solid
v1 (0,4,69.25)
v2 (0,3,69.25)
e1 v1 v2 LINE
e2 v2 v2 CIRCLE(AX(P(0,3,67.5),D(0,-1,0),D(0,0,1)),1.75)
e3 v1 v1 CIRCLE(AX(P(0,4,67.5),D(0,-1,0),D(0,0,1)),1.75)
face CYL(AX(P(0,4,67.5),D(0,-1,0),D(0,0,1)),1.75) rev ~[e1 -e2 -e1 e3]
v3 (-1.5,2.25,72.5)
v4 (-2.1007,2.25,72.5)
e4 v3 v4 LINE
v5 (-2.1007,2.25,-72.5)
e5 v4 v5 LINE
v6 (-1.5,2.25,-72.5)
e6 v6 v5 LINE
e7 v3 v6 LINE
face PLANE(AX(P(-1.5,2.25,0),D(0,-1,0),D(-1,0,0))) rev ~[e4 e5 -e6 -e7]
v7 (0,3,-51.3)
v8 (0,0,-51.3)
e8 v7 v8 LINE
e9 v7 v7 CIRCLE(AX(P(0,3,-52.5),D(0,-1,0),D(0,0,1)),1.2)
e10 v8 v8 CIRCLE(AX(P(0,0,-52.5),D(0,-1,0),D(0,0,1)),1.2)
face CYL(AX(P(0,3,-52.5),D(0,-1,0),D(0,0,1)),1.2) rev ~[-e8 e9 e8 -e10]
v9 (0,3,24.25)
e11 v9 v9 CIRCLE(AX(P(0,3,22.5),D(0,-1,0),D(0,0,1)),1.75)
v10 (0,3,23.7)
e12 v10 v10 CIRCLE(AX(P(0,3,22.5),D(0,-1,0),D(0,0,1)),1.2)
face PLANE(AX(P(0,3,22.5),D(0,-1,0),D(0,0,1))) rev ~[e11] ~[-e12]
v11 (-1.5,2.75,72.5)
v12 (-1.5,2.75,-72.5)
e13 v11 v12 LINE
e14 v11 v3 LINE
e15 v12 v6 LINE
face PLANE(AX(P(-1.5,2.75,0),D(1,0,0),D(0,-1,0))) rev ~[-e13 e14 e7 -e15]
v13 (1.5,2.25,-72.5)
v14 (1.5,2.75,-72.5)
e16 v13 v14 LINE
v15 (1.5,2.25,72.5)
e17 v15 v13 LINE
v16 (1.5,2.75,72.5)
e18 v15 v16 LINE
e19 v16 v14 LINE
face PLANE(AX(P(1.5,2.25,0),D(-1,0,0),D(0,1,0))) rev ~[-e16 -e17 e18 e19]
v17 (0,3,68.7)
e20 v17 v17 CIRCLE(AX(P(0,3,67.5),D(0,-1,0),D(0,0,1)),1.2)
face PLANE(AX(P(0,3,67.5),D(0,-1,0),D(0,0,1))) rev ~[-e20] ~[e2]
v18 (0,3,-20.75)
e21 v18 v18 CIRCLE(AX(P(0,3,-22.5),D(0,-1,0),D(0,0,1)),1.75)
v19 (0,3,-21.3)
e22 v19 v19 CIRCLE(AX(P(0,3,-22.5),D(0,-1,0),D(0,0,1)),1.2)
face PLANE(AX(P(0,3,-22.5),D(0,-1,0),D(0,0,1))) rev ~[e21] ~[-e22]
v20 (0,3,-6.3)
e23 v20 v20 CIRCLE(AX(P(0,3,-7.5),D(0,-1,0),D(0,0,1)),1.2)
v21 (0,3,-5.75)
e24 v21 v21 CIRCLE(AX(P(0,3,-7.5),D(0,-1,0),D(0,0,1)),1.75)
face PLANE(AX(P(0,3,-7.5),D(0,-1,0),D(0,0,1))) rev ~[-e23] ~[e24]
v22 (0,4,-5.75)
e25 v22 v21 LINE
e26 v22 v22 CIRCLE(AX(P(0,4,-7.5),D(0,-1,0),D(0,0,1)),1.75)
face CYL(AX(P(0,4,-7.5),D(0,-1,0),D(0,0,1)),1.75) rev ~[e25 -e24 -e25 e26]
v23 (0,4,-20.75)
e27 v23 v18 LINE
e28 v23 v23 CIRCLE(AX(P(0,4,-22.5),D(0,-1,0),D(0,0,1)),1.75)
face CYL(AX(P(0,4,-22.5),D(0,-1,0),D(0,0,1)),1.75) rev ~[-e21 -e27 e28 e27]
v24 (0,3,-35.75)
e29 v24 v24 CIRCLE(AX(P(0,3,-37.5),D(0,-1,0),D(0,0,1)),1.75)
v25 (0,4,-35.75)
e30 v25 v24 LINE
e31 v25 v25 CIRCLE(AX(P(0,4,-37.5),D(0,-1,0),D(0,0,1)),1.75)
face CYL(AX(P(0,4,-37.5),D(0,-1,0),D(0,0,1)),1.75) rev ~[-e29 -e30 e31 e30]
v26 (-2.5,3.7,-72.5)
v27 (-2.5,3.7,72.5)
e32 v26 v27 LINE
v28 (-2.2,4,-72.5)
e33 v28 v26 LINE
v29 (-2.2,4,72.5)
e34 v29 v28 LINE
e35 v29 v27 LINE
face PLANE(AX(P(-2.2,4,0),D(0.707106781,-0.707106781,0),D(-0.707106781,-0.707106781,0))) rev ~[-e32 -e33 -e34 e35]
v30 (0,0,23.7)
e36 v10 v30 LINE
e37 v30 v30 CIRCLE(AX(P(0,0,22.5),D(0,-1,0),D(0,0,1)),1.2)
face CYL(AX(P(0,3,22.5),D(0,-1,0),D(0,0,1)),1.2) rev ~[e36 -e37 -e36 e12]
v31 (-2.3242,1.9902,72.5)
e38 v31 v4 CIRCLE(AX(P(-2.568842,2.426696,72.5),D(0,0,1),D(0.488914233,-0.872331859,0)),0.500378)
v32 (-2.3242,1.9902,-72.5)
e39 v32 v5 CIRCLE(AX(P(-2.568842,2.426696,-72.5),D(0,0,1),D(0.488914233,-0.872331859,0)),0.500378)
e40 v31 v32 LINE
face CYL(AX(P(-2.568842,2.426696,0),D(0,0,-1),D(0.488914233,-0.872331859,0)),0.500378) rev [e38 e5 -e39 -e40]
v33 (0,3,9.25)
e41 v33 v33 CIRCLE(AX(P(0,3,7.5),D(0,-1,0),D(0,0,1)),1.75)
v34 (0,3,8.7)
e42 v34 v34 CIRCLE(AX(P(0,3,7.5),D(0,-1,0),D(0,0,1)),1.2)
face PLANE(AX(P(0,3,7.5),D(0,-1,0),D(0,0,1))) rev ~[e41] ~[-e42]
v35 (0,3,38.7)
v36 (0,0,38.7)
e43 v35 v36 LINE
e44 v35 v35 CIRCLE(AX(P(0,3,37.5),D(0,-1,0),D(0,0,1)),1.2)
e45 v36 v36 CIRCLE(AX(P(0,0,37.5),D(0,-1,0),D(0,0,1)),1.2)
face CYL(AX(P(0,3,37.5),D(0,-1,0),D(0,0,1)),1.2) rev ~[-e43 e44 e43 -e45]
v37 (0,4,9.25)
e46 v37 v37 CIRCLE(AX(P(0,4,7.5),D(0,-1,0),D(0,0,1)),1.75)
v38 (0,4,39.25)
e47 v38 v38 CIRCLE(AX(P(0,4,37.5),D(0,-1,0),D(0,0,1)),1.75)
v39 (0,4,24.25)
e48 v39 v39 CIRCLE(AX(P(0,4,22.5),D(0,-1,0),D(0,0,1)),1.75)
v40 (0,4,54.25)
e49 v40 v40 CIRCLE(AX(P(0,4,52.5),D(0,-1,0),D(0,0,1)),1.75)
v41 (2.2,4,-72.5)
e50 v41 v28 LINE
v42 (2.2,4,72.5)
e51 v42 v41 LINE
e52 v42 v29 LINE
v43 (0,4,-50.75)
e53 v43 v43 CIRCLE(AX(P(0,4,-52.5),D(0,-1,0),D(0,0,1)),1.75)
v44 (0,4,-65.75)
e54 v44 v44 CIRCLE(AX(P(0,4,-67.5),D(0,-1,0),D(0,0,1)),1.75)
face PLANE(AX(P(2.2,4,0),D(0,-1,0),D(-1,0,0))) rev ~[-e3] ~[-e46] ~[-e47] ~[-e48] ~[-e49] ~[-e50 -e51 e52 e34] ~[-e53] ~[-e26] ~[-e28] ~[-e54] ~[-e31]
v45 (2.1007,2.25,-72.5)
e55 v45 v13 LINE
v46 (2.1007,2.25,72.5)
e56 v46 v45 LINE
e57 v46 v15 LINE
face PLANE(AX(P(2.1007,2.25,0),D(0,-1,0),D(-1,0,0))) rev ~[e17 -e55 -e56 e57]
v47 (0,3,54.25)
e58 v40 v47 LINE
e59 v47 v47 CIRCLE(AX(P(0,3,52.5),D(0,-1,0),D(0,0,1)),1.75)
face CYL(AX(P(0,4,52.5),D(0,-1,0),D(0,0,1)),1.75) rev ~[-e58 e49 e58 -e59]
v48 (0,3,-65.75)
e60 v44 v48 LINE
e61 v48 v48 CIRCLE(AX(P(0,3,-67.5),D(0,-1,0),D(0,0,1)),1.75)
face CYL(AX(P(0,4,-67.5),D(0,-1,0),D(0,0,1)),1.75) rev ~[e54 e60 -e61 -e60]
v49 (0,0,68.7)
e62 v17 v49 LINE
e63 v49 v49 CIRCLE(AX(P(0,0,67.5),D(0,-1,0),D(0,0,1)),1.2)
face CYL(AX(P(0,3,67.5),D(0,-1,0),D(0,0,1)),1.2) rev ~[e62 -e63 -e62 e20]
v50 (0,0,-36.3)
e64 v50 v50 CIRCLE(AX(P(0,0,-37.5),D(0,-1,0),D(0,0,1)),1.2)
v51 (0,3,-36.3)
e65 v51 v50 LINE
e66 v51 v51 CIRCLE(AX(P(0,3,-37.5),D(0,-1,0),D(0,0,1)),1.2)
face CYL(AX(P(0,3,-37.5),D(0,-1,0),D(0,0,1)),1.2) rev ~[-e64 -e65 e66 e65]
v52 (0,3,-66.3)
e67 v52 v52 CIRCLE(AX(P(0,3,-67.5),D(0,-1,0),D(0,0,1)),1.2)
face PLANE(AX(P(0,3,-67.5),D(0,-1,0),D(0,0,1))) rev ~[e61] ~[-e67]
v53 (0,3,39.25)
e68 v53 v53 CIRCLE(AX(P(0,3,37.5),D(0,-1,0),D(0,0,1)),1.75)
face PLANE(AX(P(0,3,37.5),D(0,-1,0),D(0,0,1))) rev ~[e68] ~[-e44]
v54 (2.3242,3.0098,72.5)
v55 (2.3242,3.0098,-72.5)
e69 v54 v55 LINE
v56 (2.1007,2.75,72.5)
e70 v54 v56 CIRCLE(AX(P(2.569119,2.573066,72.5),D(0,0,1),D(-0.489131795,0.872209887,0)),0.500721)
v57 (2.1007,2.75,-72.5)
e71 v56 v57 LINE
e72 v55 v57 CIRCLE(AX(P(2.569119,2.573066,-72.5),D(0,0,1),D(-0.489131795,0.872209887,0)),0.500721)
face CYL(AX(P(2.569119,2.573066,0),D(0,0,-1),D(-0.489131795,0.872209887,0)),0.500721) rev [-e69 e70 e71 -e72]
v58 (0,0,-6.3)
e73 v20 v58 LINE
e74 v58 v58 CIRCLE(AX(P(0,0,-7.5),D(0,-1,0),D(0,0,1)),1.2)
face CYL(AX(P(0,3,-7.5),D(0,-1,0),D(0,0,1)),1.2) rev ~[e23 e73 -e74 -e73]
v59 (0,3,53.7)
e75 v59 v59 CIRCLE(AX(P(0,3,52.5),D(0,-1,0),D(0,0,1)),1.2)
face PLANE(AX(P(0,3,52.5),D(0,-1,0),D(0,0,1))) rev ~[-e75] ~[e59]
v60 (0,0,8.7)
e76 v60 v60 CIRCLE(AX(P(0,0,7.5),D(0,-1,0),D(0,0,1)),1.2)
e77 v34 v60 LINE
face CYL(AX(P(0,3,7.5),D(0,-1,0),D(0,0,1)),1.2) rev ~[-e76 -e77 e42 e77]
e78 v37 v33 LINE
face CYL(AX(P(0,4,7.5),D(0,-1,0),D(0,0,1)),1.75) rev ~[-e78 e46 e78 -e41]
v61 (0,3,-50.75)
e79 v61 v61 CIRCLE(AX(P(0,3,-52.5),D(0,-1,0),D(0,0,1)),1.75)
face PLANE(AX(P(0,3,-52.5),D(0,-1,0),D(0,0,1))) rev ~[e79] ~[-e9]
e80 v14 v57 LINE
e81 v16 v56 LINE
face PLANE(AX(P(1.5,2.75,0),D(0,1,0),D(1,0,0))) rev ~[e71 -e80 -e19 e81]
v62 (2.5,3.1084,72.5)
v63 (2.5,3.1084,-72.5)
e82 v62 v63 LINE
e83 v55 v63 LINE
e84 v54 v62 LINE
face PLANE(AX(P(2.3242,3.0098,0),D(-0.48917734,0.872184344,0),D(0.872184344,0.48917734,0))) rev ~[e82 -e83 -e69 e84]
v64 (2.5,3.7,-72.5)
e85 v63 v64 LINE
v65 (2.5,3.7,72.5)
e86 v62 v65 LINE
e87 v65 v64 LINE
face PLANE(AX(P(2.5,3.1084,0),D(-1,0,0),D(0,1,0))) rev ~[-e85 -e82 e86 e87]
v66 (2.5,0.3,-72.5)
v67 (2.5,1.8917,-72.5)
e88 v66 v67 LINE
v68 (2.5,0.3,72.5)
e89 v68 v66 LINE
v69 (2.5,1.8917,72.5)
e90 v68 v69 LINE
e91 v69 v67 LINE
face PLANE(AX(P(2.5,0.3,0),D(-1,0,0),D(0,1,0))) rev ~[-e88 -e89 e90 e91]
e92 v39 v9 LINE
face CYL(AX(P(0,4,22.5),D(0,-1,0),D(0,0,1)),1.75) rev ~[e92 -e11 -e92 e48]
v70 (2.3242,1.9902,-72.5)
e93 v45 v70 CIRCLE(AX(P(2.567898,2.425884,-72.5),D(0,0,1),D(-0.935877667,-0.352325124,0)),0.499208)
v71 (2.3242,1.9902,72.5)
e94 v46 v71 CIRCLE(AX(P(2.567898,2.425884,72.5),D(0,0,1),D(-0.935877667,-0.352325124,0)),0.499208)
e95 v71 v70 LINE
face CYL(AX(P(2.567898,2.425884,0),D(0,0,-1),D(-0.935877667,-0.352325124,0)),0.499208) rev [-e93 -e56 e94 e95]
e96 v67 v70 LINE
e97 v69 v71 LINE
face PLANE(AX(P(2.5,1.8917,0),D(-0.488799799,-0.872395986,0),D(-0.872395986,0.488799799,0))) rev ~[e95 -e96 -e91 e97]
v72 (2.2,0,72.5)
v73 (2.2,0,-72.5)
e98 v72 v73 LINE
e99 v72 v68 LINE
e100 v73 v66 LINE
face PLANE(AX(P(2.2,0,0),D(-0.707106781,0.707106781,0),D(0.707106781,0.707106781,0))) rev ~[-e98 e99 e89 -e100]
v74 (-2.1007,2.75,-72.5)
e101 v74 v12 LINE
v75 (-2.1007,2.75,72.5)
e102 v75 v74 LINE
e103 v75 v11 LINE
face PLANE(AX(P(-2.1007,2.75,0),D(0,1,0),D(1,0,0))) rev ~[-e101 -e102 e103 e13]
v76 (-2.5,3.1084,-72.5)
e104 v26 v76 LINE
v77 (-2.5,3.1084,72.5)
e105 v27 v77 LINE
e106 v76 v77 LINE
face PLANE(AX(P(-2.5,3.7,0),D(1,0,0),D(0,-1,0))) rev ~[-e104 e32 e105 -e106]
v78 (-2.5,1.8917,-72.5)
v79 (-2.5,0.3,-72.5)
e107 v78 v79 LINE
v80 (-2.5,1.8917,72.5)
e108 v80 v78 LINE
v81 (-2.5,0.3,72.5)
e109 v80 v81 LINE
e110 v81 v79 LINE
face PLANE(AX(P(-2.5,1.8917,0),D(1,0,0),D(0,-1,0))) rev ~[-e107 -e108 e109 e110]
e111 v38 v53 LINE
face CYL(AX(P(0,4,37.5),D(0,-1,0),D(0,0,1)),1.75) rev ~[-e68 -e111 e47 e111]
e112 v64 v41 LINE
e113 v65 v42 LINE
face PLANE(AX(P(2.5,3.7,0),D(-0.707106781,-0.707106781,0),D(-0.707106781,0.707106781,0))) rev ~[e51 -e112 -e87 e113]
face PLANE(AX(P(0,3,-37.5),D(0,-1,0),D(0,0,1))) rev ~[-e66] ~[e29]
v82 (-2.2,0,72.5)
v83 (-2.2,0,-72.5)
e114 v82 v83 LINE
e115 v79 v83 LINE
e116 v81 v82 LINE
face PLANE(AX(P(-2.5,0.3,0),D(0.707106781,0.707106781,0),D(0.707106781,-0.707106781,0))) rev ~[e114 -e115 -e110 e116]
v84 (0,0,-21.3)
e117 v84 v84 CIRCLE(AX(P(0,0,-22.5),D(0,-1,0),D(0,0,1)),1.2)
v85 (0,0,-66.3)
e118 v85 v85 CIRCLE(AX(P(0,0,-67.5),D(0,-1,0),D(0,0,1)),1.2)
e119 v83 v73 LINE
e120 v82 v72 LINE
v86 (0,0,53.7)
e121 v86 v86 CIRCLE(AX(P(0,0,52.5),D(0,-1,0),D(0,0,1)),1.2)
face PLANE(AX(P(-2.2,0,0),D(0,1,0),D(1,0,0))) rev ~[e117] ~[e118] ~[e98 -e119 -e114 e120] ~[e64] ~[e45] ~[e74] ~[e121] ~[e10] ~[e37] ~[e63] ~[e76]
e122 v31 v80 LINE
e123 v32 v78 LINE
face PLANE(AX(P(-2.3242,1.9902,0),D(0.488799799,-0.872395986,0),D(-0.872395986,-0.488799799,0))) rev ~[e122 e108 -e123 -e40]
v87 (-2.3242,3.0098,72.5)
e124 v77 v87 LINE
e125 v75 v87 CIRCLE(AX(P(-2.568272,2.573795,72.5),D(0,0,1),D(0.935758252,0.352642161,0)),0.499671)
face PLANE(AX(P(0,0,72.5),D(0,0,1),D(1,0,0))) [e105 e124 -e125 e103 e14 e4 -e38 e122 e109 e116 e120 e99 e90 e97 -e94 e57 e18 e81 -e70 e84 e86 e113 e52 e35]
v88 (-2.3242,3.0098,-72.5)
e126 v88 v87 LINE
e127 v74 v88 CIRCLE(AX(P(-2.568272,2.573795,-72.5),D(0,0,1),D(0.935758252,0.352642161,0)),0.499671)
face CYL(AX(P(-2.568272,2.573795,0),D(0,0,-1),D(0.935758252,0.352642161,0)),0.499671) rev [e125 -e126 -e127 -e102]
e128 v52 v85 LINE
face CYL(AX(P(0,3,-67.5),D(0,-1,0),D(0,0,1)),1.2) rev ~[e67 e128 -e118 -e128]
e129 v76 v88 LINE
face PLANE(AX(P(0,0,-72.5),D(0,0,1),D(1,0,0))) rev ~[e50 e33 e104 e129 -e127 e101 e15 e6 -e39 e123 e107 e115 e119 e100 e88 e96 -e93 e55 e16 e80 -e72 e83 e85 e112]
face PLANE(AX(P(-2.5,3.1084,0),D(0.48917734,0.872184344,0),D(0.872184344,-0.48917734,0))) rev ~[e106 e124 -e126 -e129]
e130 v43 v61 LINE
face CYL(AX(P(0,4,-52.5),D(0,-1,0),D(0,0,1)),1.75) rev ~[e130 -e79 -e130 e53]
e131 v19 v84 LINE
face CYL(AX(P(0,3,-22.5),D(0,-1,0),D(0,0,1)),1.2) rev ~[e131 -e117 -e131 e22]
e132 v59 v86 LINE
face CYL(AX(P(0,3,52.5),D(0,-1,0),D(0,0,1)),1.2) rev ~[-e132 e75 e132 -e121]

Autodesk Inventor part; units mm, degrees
sketch "Sketch_12" plane through (0, 0, 0) normal (0, 0, 1) x (1, 0, 0)
  line L0 (-2.5, 3.7) -> (-2.5, 3.1084)
  line L1 (-2.5, 3.1084) -> (-2.3242, 3.0098)
  arc A0 (-2.1007, 2.75) -> (-2.3242, 3.0098) centre (-2.5686, 2.5736) ccw
  line L2 (-2.1007, 2.75) -> (-1.5, 2.75)
  line L3 (-1.5, 2.75) -> (-1.5, 2.25)
  line L4 (-1.5, 2.25) -> (-2.1007, 2.25)
  arc A1 (-2.3242, 1.9902) -> (-2.1007, 2.25) centre (-2.5686, 2.4264) ccw
  line L5 (-2.3242, 1.9902) -> (-2.5, 1.8917)
  line L6 (-2.5, 1.8917) -> (-2.5, 0.3)
  line L7 (-2.5, 0.3) -> (-2.2, 0)
  line L8 (-2.2, 0) -> (2.2, 0)
  line L9 (2.2, 0) -> (2.5, 0.3)
  line L10 (2.5, 0.3) -> (2.5, 1.8917)
  line L11 (2.5, 1.8917) -> (2.3242, 1.9902)
  arc A2 (2.1007, 2.25) -> (2.3242, 1.9902) centre (2.5686, 2.4263) ccw
  line L12 (2.1007, 2.25) -> (1.5, 2.25)
  line L13 (1.5, 2.25) -> (1.5, 2.75)
  line L14 (1.5, 2.75) -> (2.1007, 2.75)
  arc A3 (2.3242, 3.0098) -> (2.1007, 2.75) centre (2.5686, 2.5737) ccw
  line L15 (2.3242, 3.0098) -> (2.5, 3.1084)
  line L16 (2.5, 3.1084) -> (2.5, 3.7)
  line L17 (2.5, 3.7) -> (2.2, 4)
  line L18 (2.2, 4) -> (-2.2, 4)
  line L19 (-2.2, 4) -> (-2.5, 3.7)
extrude "Extrusion1" add sketch "Sketch_12" along normal mid plane 145
sketch "Sketch2" plane through (-2.2, 4, 72.5) normal (0, 1, 0) x (1, 0, 0)
  point P0 (2.2, 140)
hole "Hole1" at (0, 4, -67.5) direction (0, -1, 0) diameter 2.4 depth 4 counterbore diameter 3.5 counterbore depth 1
pattern_linear "Rectangular Pattern1" count 10 spacing 15 along (0, 0, 1) of "Hole1"
ref_plane "rail_to_adjusting_block_XY" through (0, 0, -67.5) normal (0, 1, 0) x (1, 0, 0)
ref_plane "rail_to_adjusting_block_YZ" through (0, 0, -67.5) normal (1, 0, 0) x (0, 0, -1)
ref_plane "rail_to_adjusting_block_ZX" through (0, 0, -67.5) normal (0, 0, -1) x (0, 1, 0)
ref_plane "screw_1_XY" through (0, 3, 67.5) normal (0, -1, 0) x (1, 0, 0)
ref_plane "screw_1_YZ" through (0, 3, 67.5) normal (1, 0, 0) x (0, 0, 1)
ref_plane "screw_1_ZX" through (0, 3, 67.5) normal (0, 0, 1) x (0, -1, 0)
ref_plane "screw_10_XY" through (0, 3, -67.5) normal (0, -1, 0) x (1, 0, 0)
ref_plane "screw_10_YZ" through (0, 3, -67.5) normal (1, 0, 0) x (0, 0, 1)
ref_plane "screw_10_ZX" through (0, 3, -67.5) normal (0, 0, 1) x (0, -1, 0)
ref_plane "screw_2_XY" through (0, 3, 52.5) normal (0, -1, 0) x (1, 0, 0)
ref_plane "screw_2_YZ" through (0, 3, 52.5) normal (1, 0, 0) x (0, 0, 1)
ref_plane "screw_2_ZX" through (0, 3, 52.5) normal (0, 0, 1) x (0, -1, 0)
ref_plane "screw_3_XY" through (0, 3, 37.5) normal (0, -1, 0) x (1, 0, 0)
ref_plane "screw_3_YZ" through (0, 3, 37.5) normal (1, 0, 0) x (0, 0, 1)
ref_plane "screw_3_ZX" through (0, 3, 37.5) normal (0, 0, 1) x (0, -1, 0)
ref_plane "screw_4_XY" through (0, 3, 22.5) normal (0, -1, 0) x (1, 0, 0)
ref_plane "screw_4_YZ" through (0, 3, 22.5) normal (1, 0, 0) x (0, 0, 1)
ref_plane "screw_4_ZX" through (0, 3, 22.5) normal (0, 0, 1) x (0, -1, 0)
ref_plane "screw_5_XY" through (0, 3, 7.5) normal (0, -1, 0) x (1, 0, 0)
ref_plane "screw_5_YZ" through (0, 3, 7.5) normal (1, 0, 0) x (0, 0, 1)
ref_plane "screw_5_ZX" through (0, 3, 7.5) normal (0, 0, 1) x (0, -1, 0)
ref_plane "screw_6_XY" through (0, 3, -7.5) normal (0, -1, 0) x (1, 0, 0)
ref_plane "screw_6_YZ" through (0, 3, -7.5) normal (1, 0, 0) x (0, 0, 1)
ref_plane "screw_6_ZX" through (0, 3, -7.5) normal (0, 0, 1) x (0, -1, 0)
ref_plane "screw_7_XY" through (0, 3, -22.5) normal (0, -1, 0) x (1, 0, 0)
ref_plane "screw_7_YZ" through (0, 3, -22.5) normal (1, 0, 0) x (0, 0, 1)
ref_plane "screw_7_ZX" through (0, 3, -22.5) normal (0, 0, 1) x (0, -1, 0)
ref_plane "screw_8_XY" through (0, 3, -37.5) normal (0, -1, 0) x (1, 0, 0)
ref_plane "screw_8_YZ" through (0, 3, -37.5) normal (1, 0, 0) x (0, 0, 1)
ref_plane "screw_8_ZX" through (0, 3, -37.5) normal (0, 0, 1) x (0, -1, 0)
ref_plane "screw_9_XY" through (0, 3, -52.5) normal (0, -1, 0) x (1, 0, 0)
ref_plane "screw_9_YZ" through (0, 3, -52.5) normal (1, 0, 0) x (0, 0, 1)
ref_plane "screw_9_ZX" through (0, 3, -52.5) normal (0, 0, 1) x (0, -1, 0)
ref_plane "to_block_XY" through (0, 4, 36.25) normal (0, 0, 1) x (1, 0, 0)
ref_plane "to_block_YZ" through (0, 4, 36.25) normal (1, 0, 0) x (0, 1, 0)
ref_plane "to_block_ZX" through (0, 4, 36.25) normal (0, 1, 0) x (0, 0, 1)
ref_plane "to_block_2_XY" through (0, 4, -36.25) normal (0, 0, 1) x (1, 0, 0)
ref_plane "to_block_2_YZ" through (0, 4, -36.25) normal (1, 0, 0) x (0, 1, 0)
ref_plane "to_block_2_ZX" through (0, 4, -36.25) normal (0, 1, 0) x (0, 0, 1)
ref_plane "to_kue_XY" through (0, 0, 0) normal (0, 1, 0) x (1, 0, 0)
ref_plane "to_kue_YZ" through (0, 0, 0) normal (1, 0, 0) x (0, 0, -1)
ref_plane "to_kue_ZX" through (0, 0, 0) normal (0, 0, -1) x (0, 1, 0)
properties part number "SSE2B6-145_r" material "ステンレス鋼"
